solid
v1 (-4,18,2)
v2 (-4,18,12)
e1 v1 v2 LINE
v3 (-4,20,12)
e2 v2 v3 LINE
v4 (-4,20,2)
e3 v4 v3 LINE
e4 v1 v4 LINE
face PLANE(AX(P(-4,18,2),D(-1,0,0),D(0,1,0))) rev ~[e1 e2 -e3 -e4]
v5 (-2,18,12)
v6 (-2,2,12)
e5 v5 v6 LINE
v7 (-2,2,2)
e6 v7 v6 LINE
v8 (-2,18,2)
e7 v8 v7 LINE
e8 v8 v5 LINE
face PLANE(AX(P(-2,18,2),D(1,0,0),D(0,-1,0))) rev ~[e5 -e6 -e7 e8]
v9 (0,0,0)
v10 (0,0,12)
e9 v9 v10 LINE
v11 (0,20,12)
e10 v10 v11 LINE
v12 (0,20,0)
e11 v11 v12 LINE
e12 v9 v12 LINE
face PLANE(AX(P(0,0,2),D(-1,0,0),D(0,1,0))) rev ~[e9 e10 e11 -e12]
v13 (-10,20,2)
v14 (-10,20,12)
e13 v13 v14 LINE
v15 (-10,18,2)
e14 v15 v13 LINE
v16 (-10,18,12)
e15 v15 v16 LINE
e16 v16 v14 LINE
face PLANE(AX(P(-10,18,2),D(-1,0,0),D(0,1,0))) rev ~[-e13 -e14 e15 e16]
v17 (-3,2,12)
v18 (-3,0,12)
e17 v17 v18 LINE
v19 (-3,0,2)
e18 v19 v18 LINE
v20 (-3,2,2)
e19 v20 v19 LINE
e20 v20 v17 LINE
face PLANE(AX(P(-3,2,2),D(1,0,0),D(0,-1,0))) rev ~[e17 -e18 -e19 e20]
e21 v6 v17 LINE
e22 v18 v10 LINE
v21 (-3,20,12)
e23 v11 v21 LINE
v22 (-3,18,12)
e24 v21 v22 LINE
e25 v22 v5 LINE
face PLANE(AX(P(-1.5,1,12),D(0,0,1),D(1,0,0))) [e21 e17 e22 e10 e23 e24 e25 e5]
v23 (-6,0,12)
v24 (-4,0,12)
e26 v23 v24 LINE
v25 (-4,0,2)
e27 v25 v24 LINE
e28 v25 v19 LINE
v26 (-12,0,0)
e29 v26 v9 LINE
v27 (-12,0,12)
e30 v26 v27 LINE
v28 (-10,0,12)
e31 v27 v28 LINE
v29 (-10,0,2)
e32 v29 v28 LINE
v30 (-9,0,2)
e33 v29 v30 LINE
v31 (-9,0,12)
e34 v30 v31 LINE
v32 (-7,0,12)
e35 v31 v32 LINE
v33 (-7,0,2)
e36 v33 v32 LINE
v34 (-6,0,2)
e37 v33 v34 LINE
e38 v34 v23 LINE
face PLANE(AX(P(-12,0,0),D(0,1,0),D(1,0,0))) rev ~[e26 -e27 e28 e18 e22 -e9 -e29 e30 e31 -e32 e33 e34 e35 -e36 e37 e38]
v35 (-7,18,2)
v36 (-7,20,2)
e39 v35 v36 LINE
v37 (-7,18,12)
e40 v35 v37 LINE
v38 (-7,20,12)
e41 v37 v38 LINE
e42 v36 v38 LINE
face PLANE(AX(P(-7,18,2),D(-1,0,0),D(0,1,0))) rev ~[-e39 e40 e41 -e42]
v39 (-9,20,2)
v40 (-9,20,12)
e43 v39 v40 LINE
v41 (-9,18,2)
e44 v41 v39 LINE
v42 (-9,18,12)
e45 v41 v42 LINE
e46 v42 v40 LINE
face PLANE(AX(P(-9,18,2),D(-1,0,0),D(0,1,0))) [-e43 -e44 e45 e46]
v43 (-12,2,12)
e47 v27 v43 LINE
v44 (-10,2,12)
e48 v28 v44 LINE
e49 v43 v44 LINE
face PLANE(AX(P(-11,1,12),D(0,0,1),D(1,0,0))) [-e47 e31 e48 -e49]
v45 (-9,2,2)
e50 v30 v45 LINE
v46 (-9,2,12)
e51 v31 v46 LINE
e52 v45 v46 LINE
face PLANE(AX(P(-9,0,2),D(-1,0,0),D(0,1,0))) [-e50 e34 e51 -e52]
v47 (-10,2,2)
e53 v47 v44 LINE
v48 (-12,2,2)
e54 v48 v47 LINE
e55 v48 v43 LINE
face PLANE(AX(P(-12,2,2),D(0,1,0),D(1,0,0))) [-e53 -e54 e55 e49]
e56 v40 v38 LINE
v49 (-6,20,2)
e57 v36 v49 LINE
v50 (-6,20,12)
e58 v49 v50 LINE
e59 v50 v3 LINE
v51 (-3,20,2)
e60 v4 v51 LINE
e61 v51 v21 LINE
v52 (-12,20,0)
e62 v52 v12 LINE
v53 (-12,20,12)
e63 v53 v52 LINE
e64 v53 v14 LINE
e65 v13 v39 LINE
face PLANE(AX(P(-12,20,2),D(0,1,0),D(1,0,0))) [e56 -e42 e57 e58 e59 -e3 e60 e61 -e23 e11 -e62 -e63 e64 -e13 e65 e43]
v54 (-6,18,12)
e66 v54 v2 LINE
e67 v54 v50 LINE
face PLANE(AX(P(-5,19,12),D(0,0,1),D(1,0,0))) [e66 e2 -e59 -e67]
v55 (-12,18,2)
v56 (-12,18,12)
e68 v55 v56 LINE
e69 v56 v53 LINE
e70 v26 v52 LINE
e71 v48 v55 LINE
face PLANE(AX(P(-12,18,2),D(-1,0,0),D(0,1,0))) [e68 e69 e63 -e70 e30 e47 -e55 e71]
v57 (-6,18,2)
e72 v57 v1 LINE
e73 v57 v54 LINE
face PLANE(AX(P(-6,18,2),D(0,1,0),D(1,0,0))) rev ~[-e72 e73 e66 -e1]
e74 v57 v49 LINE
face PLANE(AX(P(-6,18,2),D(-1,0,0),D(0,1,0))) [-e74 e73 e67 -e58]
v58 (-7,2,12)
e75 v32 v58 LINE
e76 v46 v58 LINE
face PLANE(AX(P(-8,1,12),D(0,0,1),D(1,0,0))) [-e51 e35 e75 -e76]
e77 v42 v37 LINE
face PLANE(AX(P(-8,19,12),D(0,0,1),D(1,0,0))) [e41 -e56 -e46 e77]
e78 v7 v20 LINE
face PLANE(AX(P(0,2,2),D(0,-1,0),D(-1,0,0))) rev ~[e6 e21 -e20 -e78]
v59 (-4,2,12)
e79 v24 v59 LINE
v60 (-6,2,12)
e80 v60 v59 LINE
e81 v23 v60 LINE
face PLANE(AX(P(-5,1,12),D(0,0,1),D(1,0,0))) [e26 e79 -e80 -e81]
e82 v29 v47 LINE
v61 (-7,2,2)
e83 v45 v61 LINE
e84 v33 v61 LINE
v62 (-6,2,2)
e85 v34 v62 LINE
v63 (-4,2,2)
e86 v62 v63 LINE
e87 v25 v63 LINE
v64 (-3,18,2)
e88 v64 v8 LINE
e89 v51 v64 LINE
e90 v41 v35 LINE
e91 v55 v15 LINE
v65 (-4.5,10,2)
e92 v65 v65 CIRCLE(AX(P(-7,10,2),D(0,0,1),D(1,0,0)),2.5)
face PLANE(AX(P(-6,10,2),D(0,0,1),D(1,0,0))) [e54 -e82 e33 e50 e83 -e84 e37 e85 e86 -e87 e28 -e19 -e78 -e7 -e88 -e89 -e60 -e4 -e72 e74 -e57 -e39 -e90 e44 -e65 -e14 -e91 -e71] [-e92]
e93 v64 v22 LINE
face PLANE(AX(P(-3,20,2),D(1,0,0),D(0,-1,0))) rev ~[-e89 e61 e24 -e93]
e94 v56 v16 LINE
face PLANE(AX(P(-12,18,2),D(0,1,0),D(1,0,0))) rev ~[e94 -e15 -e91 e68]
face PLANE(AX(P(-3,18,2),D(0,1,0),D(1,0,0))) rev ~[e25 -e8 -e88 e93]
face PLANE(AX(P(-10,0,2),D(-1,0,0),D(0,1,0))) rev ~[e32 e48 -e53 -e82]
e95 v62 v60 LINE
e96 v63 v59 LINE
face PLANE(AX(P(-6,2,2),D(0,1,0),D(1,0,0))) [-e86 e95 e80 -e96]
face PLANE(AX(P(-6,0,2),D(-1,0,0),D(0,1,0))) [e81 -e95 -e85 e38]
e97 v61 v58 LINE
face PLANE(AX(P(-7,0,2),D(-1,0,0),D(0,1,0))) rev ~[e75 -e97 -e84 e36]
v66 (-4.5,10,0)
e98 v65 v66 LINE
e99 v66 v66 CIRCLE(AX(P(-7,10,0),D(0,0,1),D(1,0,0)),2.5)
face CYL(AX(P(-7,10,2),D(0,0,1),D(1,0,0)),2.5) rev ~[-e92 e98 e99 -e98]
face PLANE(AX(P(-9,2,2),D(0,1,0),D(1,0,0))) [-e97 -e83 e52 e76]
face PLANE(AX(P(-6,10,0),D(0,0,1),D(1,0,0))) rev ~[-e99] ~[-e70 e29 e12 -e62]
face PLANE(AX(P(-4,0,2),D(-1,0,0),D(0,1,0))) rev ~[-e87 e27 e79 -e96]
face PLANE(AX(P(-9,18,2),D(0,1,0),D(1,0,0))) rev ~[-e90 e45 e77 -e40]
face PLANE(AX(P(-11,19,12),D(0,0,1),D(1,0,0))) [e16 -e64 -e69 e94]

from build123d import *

# Parameters (mm, degrees)
F0_W     = 12
F0_H     = 20
F1_DEPTH = 2
F2_W     = 2
F2_H     = 2
F2_H_2   = 8
F3_DEPTH = 10
F4_R     = 2.5
F5_DEPTH = 25
F6_DEPTH = 10


with BuildPart() as f1:
    # F0 (on Top) → F1 (new body)
    with BuildSketch(Plane.XY):
        with Locations((-6, 10)):
            Rectangle(F0_W, F0_H)
    extrude(amount=F1_DEPTH)

    # F2 (on face) → F3 (join)
    with BuildSketch(Plane.XY.offset(2)):
        with Locations((-11, 19)):
            Rectangle(F2_W, F2_H)
        Polygon((0, 20), (-3, 20), (-3, 18), (-2, 18), (0, 18), align=None)
        with Locations((-5, 19)):
            Rectangle(F2_W, F2_H)
        with Locations((-8, 19)):
            Rectangle(F2_W, F2_H)
        with Locations((-1, 14)):
            Rectangle(F2_W, F2_H_2)
        with Locations((-1, 6)):
            Rectangle(F2_W, F2_H_2)
        with Locations((-11, 1)):
            Rectangle(F2_W, F2_H)
        with Locations((-8, 1)):
            Rectangle(F2_W, F2_H)
    extrude(amount=F3_DEPTH)

    # F4 (on face) → F5 (cut)
    with BuildSketch(Plane.XY.offset(2)):
        with Locations((-7, 10)):
            Circle(F4_R)
    extrude(amount=-F5_DEPTH, mode=Mode.SUBTRACT)

    # F2 (on face) → F6 (join)
    with BuildSketch(Plane.XY.offset(2)):
        with Locations((-5, 1)):
            Rectangle(F2_W, F2_H)
        Polygon((0, 2), (-2, 2), (-3, 2), (-3, 0), (0, 0), align=None)
    extrude(amount=F6_DEPTH)


solid = f1.part
